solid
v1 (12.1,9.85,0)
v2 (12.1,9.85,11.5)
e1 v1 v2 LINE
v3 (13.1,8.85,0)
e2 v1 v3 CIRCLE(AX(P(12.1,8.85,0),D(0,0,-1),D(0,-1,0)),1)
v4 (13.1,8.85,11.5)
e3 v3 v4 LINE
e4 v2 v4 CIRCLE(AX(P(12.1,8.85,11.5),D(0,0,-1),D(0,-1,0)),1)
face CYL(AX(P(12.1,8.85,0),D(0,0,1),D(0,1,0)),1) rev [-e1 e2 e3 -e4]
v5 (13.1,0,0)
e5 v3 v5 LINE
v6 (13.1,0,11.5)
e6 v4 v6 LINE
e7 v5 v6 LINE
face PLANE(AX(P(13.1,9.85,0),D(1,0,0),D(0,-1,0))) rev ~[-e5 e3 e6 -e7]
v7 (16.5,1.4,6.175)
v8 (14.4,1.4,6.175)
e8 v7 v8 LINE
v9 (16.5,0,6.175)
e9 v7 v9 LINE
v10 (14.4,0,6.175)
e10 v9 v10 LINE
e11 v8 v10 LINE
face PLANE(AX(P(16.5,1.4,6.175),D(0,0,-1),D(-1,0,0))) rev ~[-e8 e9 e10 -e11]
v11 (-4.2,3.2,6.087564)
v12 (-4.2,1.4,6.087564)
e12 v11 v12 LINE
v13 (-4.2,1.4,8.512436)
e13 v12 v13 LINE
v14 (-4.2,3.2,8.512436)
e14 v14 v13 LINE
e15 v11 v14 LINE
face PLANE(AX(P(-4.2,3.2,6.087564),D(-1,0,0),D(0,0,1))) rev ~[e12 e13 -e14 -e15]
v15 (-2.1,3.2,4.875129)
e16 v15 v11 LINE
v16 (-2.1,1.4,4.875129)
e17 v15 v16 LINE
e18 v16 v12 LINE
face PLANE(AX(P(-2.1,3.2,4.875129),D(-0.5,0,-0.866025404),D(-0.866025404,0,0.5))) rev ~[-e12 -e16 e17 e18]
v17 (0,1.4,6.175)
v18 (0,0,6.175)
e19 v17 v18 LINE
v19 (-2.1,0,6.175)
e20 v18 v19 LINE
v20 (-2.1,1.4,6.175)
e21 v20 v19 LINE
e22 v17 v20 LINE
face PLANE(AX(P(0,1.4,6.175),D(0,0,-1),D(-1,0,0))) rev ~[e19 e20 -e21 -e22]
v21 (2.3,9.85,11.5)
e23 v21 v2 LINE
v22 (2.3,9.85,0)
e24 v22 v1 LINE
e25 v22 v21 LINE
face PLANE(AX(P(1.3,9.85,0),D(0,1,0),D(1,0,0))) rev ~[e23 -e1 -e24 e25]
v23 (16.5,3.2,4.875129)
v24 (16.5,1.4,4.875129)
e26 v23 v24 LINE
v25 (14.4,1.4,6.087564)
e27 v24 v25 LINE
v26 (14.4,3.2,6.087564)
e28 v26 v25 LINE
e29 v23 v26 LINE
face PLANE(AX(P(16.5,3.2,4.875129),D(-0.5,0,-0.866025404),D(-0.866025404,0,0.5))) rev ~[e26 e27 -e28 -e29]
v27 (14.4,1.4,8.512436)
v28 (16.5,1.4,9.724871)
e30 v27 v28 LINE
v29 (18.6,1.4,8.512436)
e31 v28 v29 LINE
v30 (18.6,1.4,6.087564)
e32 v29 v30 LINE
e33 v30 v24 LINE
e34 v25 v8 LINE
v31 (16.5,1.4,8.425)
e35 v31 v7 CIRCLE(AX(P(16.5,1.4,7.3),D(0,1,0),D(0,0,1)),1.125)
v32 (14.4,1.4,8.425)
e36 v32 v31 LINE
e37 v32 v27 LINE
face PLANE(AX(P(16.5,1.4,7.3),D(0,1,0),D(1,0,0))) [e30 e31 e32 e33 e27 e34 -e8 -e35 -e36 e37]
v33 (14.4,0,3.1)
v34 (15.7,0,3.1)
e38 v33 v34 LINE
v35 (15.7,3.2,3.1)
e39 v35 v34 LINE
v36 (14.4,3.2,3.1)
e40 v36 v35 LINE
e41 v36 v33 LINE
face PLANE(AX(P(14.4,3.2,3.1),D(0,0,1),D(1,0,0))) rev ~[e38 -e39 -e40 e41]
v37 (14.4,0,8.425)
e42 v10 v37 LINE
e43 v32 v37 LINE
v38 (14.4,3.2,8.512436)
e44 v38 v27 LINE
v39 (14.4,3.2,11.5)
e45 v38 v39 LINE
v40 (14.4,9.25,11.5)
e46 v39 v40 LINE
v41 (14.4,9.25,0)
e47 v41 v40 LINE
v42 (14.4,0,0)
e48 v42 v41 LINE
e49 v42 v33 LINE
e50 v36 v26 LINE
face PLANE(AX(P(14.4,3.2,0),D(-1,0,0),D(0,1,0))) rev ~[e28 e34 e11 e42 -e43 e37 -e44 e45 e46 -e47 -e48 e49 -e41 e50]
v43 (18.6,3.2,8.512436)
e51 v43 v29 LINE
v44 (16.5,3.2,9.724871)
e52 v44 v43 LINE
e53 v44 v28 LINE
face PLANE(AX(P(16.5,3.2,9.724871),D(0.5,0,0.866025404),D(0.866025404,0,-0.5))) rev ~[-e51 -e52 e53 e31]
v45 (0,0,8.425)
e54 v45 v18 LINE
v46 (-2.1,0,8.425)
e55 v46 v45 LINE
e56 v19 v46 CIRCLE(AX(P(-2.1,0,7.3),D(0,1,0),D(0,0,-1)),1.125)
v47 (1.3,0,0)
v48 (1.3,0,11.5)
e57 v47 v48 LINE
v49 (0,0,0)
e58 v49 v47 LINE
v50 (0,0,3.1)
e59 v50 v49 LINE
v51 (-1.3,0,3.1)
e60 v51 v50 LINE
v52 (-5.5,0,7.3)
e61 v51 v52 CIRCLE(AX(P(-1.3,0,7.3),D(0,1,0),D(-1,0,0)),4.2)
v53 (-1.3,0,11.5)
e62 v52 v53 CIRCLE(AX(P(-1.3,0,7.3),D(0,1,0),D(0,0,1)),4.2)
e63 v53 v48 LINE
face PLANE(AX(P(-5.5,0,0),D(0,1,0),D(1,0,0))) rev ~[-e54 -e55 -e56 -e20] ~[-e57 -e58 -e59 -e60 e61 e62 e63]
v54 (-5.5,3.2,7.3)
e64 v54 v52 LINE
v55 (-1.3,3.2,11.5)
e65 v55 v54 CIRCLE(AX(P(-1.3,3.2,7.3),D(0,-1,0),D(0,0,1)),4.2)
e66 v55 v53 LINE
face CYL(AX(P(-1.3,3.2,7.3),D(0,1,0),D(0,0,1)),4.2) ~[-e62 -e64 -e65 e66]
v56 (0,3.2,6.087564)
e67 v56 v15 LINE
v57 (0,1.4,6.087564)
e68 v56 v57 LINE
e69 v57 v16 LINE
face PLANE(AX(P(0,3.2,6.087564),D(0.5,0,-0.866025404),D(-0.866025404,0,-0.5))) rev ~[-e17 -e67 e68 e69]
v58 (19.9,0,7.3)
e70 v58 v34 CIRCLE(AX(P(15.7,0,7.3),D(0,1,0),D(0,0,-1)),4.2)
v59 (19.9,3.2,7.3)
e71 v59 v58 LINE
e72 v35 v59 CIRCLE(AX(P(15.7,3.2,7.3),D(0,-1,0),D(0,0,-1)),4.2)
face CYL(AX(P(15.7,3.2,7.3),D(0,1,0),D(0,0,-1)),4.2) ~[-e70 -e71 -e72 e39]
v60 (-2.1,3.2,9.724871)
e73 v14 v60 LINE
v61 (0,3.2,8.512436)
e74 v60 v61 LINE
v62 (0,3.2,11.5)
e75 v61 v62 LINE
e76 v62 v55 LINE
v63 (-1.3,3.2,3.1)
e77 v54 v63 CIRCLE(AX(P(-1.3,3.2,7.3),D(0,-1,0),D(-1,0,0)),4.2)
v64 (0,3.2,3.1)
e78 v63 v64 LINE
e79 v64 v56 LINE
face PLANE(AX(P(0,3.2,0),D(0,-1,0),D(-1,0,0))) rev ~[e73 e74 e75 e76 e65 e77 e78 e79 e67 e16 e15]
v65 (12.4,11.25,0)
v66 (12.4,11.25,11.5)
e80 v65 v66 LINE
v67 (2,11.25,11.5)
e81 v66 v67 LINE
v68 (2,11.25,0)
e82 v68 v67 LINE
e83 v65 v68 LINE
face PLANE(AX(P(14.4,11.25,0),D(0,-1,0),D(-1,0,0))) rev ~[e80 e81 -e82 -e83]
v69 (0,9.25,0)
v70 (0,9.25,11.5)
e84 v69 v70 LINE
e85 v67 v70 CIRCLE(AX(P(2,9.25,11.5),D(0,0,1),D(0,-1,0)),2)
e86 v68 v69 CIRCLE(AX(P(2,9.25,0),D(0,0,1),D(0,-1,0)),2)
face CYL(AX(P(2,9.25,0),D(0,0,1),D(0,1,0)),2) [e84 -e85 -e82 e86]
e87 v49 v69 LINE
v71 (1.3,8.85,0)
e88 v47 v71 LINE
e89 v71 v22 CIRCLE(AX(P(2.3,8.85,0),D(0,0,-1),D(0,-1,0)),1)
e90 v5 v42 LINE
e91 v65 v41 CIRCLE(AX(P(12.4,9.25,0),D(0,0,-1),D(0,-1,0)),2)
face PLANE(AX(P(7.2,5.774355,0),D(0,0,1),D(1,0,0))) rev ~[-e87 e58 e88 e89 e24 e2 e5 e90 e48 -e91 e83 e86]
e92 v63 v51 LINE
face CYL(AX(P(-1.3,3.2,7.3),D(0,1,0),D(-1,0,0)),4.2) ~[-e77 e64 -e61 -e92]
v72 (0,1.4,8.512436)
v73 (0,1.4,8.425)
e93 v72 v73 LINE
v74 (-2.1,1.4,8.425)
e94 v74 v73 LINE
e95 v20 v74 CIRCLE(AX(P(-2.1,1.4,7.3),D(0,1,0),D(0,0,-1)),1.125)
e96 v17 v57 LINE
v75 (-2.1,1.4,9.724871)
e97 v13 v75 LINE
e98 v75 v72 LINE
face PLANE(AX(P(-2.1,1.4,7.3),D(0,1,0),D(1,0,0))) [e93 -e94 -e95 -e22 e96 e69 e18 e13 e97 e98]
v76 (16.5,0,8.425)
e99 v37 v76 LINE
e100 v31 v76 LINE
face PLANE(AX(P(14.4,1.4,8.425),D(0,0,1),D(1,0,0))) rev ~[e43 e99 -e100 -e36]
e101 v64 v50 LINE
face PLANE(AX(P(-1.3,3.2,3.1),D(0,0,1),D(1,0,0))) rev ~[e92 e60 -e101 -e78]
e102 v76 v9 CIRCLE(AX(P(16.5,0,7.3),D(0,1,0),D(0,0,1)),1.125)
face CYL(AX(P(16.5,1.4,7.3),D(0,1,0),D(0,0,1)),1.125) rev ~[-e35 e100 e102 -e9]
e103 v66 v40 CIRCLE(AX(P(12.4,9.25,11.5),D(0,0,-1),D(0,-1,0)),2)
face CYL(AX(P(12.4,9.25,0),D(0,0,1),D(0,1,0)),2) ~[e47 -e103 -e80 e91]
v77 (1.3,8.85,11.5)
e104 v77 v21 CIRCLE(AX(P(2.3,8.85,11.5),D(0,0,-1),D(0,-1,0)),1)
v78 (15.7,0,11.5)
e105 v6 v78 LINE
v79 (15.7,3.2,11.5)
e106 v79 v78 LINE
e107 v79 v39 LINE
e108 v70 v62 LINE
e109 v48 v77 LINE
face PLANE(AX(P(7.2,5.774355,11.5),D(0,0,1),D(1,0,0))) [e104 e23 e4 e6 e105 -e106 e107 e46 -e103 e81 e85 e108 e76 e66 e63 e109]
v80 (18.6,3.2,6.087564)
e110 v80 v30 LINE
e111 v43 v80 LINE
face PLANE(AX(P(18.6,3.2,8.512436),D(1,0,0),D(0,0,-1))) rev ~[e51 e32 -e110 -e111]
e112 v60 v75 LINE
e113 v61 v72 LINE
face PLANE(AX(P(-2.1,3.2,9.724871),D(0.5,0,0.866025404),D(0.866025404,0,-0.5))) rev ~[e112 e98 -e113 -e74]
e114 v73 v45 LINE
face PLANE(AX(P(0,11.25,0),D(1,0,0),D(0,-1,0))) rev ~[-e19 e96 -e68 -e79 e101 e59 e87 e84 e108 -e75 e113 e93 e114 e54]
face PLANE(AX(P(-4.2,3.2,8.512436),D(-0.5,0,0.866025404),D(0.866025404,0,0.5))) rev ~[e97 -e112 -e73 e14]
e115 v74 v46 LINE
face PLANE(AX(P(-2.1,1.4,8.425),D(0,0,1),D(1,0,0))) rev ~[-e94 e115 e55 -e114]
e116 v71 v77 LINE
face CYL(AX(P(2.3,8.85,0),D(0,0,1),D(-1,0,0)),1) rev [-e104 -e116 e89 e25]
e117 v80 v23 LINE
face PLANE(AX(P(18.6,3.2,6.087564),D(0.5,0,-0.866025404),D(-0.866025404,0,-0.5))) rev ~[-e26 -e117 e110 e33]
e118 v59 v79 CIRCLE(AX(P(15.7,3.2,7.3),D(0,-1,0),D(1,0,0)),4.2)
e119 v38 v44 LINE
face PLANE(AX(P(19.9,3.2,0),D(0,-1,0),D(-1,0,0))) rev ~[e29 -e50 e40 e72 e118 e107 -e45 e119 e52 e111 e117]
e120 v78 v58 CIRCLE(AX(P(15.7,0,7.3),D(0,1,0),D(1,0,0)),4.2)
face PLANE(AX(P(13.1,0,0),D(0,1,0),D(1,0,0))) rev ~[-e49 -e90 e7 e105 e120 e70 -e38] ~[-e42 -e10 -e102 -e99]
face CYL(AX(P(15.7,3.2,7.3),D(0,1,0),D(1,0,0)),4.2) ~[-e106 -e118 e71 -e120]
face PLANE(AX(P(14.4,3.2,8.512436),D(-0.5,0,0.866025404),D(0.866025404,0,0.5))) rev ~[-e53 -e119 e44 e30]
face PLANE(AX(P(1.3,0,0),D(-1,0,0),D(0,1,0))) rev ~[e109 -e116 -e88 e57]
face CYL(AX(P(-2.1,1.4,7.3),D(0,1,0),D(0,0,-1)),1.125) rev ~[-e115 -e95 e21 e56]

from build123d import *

# Parameters (mm, degrees)
EXTRUDE_1_DEPTH     = 11.5
CUT_EXTRUDE_1_DEPTH = 11.5
CUT_EXTRUDE_2_DEPTH = 11.5
CUT_EXTRUDE_3_DEPTH = 1.8
CUT_EXTRUDE_4_DEPTH = 1.8
CUT_EXTRUDE_5_DEPTH = 1.8
CUT_EXTRUDE_6_DEPTH = 1.8
FILLET_1_R          = 2
FILLET_2_R          = 2
FILLET_3_R          = 1
FILLET_4_R          = 1


with BuildPart() as part:
    # 草图1 → 凸台-拉伸1 (new body)
    with BuildSketch(Plane.XY):
        Polygon((14.4, 3.2), (14.4, 11.25), (0, 11.25), (0, 3.2), (-5.5, 3.2), (-5.5, 0), (0, 0), (1.3, 0), (1.3, 9.85), (13.1, 9.85), (13.1, 0), (14.4, 0), (19.9, 0), (19.9, 3.2), align=None)
    extrude(amount=EXTRUDE_1_DEPTH)

    # 草图2 → 切除-拉伸1 (cut)
    with BuildSketch(Plane(origin=(0, 3.2, 0), x_dir=(1, 0, 0), z_dir=(0, 1, 0))):
        with BuildLine():
            Line((14.4, 0), (14.4, -3.1))
            Line((14.4, -3.1), (15.7, -3.1))
            ThreePointArc((15.7, -3.1), (18.669848481, -4.330151519), (19.9, -7.3))
            Line((19.9, -7.3), (19.9, 0))
            Line((19.9, 0), (14.4, 0))
        make_face()
        with BuildLine():
            ThreePointArc((19.9, -7.3), (18.669848481, -10.269848481), (15.7, -11.5))
            Line((15.7, -11.5), (19.9, -11.5))
            Line((19.9, -11.5), (19.9, -7.3))
        make_face()
    extrude(amount=-CUT_EXTRUDE_1_DEPTH, mode=Mode.SUBTRACT)

    # 草图3 → 切除-拉伸2 (cut)
    with BuildSketch(Plane(origin=(0, 3.2, 0), x_dir=(1, 0, 0), z_dir=(0, 1, 0))):
        with BuildLine():
            Line((-1.3, -3.1), (0, -3.1))
            Line((0, -3.1), (0, 0))
            Line((0, 0), (-5.5, 0))
            Line((-5.5, 0), (-5.5, -7.3))
            ThreePointArc((-5.5, -7.3), (-4.269848481, -4.330151519), (-1.3, -3.1))
        make_face()
        with BuildLine():
            Line((-5.5, -11.5), (-1.3, -11.5))
            ThreePointArc((-1.3, -11.5), (-4.269848481, -10.269848481), (-5.5, -7.3))
            Line((-5.5, -7.3), (-5.5, -11.5))
        make_face()
    extrude(amount=-CUT_EXTRUDE_2_DEPTH, mode=Mode.SUBTRACT)

    # 草图5 → 切除-拉伸3 (cut)
    with BuildSketch(Plane(origin=(0, 3.2, 0), x_dir=(1, 0, 0), z_dir=(0, 1, 0))):
        Polygon((18.6, -6.087564435), (16.5, -4.875128869), (14.4, -6.087564435), (14.4, -8.512435565), (16.5, -9.724871131), (18.6, -8.512435565), align=None)
    extrude(amount=-CUT_EXTRUDE_3_DEPTH, mode=Mode.SUBTRACT)

    # 草图8 → 切除-拉伸4 (cut)
    with BuildSketch(Plane(origin=(0, 3.2, 0), x_dir=(1, 0, 0), z_dir=(0, 1, 0))):
        Polygon((-4.2, -6.087564435), (-4.2, -8.512435565), (-2.1, -9.724871131), (0, -8.512435565), (0, -6.087564435), (-2.1, -4.875128869), align=None)
    extrude(amount=-CUT_EXTRUDE_4_DEPTH, mode=Mode.SUBTRACT)

    # 草图10 → 切除-拉伸5 (cut)
    with BuildSketch(Plane(origin=(0, 1.4, 0), x_dir=(1, 0, 0), z_dir=(0, 1, 0))):
        with BuildLine():
            Line((0, -8.425), (0, -6.175))
            Line((0, -6.175), (-2.1, -6.175))
            ThreePointArc((-2.1, -6.175), (-3.225, -7.3), (-2.1, -8.425))
            Line((-2.1, -8.425), (0, -8.425))
        make_face()
    extrude(amount=-CUT_EXTRUDE_5_DEPTH, mode=Mode.SUBTRACT)

    # 草图7 → 切除-拉伸6 (cut)
    with BuildSketch(Plane(origin=(0, 1.4, 0), x_dir=(1, 0, 0), z_dir=(0, 1, 0))):
        with BuildLine():
            Line((14.4, -6.175), (14.4, -8.425))
            Line((14.4, -8.425), (16.5, -8.425))
            ThreePointArc((16.5, -8.425), (17.625, -7.3), (16.5, -6.175))
            Line((16.5, -6.175), (14.4, -6.175))
        make_face()
    extrude(amount=-CUT_EXTRUDE_6_DEPTH, mode=Mode.SUBTRACT)

    # 圆角1
    fillet_1_edges = [part.edges().sort_by_distance(p)[0] for p in [
        (0, 11.25, 5.75),
    ]]
    fillet(fillet_1_edges, radius=FILLET_1_R)

    # 圆角2
    fillet_2_edges = [part.edges().sort_by_distance(p)[0] for p in [
        (14.4, 11.25, 5.75),
    ]]
    fillet(fillet_2_edges, radius=FILLET_2_R)

    # 圆角3
    fillet_3_edges = [part.edges().sort_by_distance(p)[0] for p in [
        (1.3, 9.85, 5.75),
    ]]
    fillet(fillet_3_edges, radius=FILLET_3_R)

    # 圆角4
    fillet_4_edges = [part.edges().sort_by_distance(p)[0] for p in [
        (13.1, 9.85, 5.75),
    ]]
    fillet(fillet_4_edges, radius=FILLET_4_R)


solid = part.part
